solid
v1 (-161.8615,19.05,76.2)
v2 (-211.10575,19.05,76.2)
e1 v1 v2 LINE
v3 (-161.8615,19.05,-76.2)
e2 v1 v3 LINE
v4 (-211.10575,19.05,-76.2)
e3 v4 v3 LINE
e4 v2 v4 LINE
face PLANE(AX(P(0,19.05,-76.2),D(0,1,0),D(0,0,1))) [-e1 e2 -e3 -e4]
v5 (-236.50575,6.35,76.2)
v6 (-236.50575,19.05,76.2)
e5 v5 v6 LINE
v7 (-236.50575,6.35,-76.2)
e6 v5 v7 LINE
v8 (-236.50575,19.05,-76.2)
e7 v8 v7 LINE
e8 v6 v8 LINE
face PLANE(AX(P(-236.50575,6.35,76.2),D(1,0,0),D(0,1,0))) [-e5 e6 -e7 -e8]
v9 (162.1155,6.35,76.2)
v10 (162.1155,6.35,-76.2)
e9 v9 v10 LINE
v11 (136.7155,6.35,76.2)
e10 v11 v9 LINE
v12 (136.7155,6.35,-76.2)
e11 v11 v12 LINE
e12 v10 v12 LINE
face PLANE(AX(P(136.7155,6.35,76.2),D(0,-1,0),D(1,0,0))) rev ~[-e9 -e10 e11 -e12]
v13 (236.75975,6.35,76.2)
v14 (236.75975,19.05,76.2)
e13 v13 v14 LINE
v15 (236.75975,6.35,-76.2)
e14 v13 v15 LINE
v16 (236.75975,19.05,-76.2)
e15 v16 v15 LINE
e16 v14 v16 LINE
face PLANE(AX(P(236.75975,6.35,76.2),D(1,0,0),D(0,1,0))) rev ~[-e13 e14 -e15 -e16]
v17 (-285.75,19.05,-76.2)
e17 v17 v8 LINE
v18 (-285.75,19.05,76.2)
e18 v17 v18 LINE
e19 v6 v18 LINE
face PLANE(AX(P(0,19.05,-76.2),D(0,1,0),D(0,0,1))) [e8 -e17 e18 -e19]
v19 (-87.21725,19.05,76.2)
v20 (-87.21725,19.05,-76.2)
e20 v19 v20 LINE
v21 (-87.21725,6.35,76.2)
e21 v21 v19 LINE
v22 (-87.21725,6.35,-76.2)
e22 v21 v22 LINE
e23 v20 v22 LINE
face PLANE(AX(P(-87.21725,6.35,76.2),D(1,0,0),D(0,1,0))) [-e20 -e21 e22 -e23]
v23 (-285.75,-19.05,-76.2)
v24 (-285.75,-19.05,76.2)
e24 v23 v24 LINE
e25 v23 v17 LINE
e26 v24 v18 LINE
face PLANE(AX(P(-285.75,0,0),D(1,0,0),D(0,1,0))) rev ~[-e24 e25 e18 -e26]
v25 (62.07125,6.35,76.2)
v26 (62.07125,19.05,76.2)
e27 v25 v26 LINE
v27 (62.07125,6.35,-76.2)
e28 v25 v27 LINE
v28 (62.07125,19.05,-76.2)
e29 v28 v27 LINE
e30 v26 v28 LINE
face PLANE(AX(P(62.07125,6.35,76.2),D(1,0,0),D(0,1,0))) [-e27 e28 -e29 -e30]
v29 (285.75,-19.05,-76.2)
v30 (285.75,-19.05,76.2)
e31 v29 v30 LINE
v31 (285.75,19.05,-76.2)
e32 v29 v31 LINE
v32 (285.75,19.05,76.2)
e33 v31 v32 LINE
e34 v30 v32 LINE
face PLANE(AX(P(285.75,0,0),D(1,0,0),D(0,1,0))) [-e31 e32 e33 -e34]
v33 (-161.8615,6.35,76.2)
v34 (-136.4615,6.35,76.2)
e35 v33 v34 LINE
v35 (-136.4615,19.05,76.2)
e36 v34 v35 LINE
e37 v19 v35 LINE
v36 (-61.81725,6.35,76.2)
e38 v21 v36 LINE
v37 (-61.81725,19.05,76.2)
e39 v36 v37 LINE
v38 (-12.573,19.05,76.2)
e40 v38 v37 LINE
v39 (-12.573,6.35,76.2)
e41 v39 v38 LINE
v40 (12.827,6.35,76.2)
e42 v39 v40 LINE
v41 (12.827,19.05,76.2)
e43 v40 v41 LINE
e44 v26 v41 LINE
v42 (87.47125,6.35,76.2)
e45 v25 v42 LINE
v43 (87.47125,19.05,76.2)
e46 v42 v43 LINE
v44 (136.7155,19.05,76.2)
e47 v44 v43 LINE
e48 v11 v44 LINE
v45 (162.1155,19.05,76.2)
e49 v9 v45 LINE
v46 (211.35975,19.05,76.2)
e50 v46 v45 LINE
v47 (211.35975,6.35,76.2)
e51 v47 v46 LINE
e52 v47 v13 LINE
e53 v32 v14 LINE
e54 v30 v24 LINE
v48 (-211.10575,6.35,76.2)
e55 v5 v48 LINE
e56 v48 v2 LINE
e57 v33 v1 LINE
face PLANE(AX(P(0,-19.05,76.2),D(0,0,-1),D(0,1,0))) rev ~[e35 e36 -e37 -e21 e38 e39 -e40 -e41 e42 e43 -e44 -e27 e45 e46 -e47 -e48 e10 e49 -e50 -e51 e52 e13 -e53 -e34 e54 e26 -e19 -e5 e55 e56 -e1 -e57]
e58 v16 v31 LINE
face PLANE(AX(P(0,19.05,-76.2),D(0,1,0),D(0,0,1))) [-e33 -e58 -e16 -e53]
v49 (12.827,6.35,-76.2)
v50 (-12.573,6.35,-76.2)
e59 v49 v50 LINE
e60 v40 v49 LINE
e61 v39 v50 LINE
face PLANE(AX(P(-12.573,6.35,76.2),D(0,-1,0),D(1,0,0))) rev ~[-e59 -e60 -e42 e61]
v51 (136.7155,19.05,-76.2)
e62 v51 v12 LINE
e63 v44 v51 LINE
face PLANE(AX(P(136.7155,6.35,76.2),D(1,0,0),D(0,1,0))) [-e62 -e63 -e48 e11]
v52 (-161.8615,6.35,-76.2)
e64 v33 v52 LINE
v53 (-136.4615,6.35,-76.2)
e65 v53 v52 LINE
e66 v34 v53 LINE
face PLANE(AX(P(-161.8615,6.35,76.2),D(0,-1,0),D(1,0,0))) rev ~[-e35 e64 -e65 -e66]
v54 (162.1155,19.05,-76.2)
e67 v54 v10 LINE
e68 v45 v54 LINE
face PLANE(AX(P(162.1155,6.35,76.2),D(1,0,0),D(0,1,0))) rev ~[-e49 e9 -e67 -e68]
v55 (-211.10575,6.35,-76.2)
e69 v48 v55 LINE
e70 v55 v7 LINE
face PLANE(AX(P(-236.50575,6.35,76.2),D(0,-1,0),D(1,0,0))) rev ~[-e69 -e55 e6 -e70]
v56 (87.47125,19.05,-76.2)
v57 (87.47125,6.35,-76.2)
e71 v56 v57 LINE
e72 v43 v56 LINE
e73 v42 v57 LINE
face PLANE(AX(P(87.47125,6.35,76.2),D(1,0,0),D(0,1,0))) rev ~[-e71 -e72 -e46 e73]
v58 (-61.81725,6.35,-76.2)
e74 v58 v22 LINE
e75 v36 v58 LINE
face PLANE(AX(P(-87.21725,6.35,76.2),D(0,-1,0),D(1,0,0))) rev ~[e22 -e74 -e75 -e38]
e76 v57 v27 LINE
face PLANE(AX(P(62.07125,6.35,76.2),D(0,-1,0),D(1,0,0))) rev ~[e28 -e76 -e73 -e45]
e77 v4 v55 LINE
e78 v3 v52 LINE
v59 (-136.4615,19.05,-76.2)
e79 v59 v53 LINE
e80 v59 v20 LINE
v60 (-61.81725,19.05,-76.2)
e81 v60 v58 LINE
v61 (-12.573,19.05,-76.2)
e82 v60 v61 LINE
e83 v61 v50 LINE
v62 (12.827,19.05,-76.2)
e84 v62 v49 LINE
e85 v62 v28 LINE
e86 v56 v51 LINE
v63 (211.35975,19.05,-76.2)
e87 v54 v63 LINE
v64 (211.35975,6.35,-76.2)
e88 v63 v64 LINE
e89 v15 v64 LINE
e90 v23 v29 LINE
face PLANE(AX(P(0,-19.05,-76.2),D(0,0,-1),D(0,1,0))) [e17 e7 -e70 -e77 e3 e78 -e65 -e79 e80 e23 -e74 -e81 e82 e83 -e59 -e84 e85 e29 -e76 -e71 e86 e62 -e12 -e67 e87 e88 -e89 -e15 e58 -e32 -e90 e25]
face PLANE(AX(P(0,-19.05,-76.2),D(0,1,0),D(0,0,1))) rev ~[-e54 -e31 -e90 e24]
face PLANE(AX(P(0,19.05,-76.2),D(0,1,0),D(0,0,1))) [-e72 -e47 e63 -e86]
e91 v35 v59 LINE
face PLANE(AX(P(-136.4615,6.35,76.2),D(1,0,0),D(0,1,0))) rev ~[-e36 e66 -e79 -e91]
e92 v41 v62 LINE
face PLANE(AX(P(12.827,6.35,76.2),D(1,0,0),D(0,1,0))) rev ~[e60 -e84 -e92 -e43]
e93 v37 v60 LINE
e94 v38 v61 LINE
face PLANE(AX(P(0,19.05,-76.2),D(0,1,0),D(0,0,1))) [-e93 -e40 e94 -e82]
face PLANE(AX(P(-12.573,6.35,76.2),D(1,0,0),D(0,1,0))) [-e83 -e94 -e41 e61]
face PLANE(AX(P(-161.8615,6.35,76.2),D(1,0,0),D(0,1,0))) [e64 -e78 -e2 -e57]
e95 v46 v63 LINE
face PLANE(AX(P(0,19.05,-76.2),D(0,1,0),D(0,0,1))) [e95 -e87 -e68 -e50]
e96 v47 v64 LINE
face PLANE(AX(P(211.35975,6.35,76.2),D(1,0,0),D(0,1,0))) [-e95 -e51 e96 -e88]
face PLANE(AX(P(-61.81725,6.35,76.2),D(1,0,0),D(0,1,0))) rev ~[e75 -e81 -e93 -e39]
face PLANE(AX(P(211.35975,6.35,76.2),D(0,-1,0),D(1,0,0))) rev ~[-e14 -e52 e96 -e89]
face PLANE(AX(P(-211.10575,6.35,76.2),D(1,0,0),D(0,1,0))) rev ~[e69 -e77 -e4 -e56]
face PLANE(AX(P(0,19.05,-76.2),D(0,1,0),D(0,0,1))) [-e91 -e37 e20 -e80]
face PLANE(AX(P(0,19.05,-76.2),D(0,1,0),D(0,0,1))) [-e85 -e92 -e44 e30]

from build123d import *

# Parameters (mm, degrees)
F0_W     = 38.1
F0_H     = 152.4
F1_DEPTH = 285.75
F2_W     = 25.4
F2_H     = 12.7
F3_DEPTH = 152.401


with BuildPart() as f1:
    # F0 (on Right) → F1 (new body, symmetric)
    with BuildSketch(Plane.YZ):
        Rectangle(F0_W, F0_H)
    extrude(amount=F1_DEPTH, both=True)

    # F2 (on face) → F3 (cut, through all)
    with BuildSketch(Plane.XY.offset(76.2)):
        with Locations((-223.80575, 12.7)):
            Rectangle(F2_W, F2_H)
        with Locations((-149.1615, 12.7)):
            Rectangle(F2_W, F2_H)
        with Locations((-74.51725, 12.7)):
            Rectangle(F2_W, F2_H)
        with Locations((0.127, 12.7)):
            Rectangle(F2_W, F2_H)
        with Locations((74.77125, 12.7)):
            Rectangle(F2_W, F2_H)
        with Locations((149.4155, 12.7)):
            Rectangle(F2_W, F2_H)
        with Locations((224.05975, 12.7)):
            Rectangle(F2_W, F2_H)
    extrude(amount=-F3_DEPTH, mode=Mode.SUBTRACT)


solid = f1.part
